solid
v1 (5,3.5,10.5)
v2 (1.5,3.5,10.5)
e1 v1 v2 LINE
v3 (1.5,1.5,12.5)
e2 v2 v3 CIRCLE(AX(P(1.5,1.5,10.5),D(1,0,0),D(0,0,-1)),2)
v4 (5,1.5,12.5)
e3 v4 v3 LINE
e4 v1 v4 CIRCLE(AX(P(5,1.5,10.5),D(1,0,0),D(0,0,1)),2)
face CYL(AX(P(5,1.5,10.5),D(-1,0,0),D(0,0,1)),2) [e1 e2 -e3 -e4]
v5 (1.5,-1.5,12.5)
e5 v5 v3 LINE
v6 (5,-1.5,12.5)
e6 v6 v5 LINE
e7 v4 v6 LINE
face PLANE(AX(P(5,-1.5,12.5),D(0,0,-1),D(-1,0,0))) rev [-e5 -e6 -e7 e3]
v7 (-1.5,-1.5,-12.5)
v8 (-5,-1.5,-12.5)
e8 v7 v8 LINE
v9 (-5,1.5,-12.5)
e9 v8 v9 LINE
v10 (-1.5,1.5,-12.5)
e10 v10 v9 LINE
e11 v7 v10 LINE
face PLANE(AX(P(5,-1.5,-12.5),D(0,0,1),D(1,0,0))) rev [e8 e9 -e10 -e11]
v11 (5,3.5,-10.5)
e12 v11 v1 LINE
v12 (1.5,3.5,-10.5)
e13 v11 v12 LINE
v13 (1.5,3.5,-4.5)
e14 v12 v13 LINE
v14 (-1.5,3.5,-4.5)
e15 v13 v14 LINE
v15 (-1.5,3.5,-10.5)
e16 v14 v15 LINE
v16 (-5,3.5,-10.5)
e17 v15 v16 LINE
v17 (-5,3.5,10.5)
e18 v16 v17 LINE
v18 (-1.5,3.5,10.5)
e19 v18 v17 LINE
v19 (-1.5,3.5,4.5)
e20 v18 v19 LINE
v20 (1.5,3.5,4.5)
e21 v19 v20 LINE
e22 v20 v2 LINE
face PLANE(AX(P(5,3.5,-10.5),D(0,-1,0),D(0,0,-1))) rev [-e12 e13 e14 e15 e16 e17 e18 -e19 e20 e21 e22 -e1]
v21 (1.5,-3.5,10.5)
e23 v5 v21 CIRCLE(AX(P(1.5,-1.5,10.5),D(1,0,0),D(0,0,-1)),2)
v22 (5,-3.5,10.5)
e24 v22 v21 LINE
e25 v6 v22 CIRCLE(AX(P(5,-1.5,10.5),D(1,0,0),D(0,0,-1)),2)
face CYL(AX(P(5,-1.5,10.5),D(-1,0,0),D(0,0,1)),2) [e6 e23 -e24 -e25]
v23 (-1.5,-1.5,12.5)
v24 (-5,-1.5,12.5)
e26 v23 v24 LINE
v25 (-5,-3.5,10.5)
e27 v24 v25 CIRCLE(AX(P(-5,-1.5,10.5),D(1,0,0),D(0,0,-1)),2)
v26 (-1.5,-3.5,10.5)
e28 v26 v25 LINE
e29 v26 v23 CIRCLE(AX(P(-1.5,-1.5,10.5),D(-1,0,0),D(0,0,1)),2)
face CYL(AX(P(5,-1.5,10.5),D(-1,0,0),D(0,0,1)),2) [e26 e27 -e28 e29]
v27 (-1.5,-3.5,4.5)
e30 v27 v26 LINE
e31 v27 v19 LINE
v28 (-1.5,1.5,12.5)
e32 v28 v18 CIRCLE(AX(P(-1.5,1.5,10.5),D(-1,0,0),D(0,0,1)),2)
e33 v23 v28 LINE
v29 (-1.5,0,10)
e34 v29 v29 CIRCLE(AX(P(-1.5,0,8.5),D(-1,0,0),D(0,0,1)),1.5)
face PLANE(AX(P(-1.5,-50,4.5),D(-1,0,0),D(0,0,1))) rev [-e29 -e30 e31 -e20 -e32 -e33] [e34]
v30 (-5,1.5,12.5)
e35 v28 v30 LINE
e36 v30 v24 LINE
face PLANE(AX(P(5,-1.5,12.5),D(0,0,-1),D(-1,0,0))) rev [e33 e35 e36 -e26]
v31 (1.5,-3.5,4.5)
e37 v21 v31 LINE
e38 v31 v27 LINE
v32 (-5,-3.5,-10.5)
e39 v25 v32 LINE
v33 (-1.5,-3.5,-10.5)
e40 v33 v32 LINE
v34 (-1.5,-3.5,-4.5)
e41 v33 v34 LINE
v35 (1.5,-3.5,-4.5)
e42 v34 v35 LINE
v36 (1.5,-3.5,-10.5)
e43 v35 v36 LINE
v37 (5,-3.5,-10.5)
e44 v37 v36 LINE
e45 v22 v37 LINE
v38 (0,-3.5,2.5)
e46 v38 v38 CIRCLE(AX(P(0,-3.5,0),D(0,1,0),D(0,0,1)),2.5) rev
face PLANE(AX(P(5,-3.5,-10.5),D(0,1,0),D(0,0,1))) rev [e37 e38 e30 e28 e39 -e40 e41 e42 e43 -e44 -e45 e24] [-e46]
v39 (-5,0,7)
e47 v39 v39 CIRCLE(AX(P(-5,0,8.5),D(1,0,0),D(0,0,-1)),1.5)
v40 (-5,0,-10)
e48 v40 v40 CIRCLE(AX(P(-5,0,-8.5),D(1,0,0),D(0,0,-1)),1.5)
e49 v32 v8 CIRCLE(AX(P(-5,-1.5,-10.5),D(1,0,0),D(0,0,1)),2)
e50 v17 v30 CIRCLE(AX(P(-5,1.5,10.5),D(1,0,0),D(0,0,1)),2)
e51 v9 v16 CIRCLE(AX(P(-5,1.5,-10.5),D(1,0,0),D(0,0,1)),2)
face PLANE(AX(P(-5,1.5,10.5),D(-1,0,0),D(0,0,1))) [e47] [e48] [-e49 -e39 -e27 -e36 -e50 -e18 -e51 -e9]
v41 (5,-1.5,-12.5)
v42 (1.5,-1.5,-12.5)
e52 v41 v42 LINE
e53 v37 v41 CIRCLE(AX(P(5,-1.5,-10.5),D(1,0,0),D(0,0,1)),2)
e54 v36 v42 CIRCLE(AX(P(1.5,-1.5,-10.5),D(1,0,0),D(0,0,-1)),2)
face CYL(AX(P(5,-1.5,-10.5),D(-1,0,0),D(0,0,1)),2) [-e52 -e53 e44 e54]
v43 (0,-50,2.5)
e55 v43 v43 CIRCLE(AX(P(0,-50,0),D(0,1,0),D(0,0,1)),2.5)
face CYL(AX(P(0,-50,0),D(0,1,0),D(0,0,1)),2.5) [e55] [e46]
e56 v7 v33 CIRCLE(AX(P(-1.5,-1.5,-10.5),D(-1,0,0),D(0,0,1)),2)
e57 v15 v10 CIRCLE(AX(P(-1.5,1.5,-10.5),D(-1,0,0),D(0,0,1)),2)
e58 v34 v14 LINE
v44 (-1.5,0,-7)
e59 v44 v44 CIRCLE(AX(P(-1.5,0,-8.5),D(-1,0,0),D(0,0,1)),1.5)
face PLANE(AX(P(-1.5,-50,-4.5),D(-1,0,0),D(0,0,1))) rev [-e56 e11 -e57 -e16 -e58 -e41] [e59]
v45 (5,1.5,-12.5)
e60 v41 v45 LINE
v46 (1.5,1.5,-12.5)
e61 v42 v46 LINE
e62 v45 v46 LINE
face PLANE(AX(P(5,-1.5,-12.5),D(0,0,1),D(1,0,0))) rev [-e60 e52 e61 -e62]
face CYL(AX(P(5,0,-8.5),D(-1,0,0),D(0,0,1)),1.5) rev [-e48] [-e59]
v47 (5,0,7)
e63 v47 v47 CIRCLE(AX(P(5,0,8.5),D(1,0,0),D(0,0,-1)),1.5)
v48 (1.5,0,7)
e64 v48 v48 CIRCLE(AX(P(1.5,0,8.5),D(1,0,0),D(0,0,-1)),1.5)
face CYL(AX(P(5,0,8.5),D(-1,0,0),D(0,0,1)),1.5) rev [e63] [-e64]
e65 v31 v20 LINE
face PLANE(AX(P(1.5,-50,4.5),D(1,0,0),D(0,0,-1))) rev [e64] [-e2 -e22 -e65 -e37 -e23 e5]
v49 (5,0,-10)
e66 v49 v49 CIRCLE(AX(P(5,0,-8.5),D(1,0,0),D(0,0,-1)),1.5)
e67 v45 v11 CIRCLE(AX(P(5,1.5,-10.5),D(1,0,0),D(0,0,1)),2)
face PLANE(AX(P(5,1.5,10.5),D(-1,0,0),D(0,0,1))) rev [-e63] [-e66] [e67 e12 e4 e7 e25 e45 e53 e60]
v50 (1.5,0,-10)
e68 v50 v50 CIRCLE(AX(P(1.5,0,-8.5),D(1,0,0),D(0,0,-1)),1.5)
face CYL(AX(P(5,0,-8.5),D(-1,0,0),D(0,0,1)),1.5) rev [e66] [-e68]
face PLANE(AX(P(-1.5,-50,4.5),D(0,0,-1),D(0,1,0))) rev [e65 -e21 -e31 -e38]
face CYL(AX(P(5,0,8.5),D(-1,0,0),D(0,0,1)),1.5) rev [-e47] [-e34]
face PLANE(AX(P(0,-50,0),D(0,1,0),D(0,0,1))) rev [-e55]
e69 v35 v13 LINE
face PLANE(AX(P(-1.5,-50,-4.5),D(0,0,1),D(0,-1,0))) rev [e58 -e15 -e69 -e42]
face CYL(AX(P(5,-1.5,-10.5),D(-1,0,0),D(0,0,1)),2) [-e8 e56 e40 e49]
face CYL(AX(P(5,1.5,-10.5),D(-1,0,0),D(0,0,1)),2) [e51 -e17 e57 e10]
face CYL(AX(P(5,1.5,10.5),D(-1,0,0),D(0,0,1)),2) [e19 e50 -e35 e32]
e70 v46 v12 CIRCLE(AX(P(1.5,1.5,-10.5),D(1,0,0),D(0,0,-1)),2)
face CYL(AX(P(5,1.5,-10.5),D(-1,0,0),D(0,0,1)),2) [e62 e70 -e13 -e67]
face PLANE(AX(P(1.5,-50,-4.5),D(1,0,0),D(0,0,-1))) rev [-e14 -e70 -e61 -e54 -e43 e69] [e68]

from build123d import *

# Parameters (mm, degrees)
CROQUIS1_R                 = 2.5
SALIENTE_EXTRUIR1_DEPTH    = 50
CROQUIS2_R                 = 1.5
SALIENTE_EXTRUIR2_DEPTH    = 5
CORTAR_EXTRUIR1_DEPTH      = 56.167925464
CORTAR_EXTRUIR1_DEPTH_BACK = 56.167925464
CROQUIS3_W                 = 3
CROQUIS3_H                 = 8


with BuildPart() as part:
    # Croquis1 → Saliente-Extruir1 (new body)
    with BuildSketch(Plane(origin=(0, 0, 0), x_dir=(1, 0, 0), z_dir=(0, 1, 0))):
        with Locations(Location((0, 0, 0), (0, 0, 270))):
            Circle(CROQUIS1_R)
    extrude(amount=-SALIENTE_EXTRUIR1_DEPTH)

    # Croquis2 → Saliente-Extruir2 (add, symmetric)
    with BuildSketch(Plane(origin=(0, 0, 0), x_dir=(0, 0, -1), z_dir=(1, 0, 0))):
        with BuildLine():
            Line((10.5, -3.5), (-10.5, -3.5))
            ThreePointArc((-10.5, -3.5), (-11.914213562, -2.914213562), (-12.5, -1.5))
            Line((-12.5, -1.5), (-12.5, 1.5))
            ThreePointArc((-12.5, 1.5), (-11.914213562, 2.914213562), (-10.5, 3.5))
            Line((-10.5, 3.5), (10.5, 3.5))
            ThreePointArc((10.5, 3.5), (11.914213562, 2.914213562), (12.5, 1.5))
            Line((12.5, 1.5), (12.5, -1.5))
            ThreePointArc((12.5, -1.5), (11.914213562, -2.914213562), (10.5, -3.5))
        make_face()
        with Locations((-8.5, 0)):
            Circle(CROQUIS2_R, mode=Mode.SUBTRACT)
        with Locations((8.5, 0)):
            Circle(CROQUIS2_R, mode=Mode.SUBTRACT)
    extrude(amount=SALIENTE_EXTRUIR2_DEPTH, both=True)

    # Croquis3 → Cortar-Extruir1 (cut, two sides: drawn at the far end of the back side and taken through both)
    with BuildSketch(Plane(origin=(0, 3.5, 0), x_dir=(1, 0, 0), z_dir=(0, 1, 0)).offset(-CORTAR_EXTRUIR1_DEPTH_BACK)):
        with Locations((0, 8.5)):
            Rectangle(CROQUIS3_W, CROQUIS3_H)
        with Locations((0, -8.5)):
            Rectangle(CROQUIS3_W, CROQUIS3_H)
    extrude(amount=CORTAR_EXTRUIR1_DEPTH + CORTAR_EXTRUIR1_DEPTH_BACK, mode=Mode.SUBTRACT)


solid = part.part
